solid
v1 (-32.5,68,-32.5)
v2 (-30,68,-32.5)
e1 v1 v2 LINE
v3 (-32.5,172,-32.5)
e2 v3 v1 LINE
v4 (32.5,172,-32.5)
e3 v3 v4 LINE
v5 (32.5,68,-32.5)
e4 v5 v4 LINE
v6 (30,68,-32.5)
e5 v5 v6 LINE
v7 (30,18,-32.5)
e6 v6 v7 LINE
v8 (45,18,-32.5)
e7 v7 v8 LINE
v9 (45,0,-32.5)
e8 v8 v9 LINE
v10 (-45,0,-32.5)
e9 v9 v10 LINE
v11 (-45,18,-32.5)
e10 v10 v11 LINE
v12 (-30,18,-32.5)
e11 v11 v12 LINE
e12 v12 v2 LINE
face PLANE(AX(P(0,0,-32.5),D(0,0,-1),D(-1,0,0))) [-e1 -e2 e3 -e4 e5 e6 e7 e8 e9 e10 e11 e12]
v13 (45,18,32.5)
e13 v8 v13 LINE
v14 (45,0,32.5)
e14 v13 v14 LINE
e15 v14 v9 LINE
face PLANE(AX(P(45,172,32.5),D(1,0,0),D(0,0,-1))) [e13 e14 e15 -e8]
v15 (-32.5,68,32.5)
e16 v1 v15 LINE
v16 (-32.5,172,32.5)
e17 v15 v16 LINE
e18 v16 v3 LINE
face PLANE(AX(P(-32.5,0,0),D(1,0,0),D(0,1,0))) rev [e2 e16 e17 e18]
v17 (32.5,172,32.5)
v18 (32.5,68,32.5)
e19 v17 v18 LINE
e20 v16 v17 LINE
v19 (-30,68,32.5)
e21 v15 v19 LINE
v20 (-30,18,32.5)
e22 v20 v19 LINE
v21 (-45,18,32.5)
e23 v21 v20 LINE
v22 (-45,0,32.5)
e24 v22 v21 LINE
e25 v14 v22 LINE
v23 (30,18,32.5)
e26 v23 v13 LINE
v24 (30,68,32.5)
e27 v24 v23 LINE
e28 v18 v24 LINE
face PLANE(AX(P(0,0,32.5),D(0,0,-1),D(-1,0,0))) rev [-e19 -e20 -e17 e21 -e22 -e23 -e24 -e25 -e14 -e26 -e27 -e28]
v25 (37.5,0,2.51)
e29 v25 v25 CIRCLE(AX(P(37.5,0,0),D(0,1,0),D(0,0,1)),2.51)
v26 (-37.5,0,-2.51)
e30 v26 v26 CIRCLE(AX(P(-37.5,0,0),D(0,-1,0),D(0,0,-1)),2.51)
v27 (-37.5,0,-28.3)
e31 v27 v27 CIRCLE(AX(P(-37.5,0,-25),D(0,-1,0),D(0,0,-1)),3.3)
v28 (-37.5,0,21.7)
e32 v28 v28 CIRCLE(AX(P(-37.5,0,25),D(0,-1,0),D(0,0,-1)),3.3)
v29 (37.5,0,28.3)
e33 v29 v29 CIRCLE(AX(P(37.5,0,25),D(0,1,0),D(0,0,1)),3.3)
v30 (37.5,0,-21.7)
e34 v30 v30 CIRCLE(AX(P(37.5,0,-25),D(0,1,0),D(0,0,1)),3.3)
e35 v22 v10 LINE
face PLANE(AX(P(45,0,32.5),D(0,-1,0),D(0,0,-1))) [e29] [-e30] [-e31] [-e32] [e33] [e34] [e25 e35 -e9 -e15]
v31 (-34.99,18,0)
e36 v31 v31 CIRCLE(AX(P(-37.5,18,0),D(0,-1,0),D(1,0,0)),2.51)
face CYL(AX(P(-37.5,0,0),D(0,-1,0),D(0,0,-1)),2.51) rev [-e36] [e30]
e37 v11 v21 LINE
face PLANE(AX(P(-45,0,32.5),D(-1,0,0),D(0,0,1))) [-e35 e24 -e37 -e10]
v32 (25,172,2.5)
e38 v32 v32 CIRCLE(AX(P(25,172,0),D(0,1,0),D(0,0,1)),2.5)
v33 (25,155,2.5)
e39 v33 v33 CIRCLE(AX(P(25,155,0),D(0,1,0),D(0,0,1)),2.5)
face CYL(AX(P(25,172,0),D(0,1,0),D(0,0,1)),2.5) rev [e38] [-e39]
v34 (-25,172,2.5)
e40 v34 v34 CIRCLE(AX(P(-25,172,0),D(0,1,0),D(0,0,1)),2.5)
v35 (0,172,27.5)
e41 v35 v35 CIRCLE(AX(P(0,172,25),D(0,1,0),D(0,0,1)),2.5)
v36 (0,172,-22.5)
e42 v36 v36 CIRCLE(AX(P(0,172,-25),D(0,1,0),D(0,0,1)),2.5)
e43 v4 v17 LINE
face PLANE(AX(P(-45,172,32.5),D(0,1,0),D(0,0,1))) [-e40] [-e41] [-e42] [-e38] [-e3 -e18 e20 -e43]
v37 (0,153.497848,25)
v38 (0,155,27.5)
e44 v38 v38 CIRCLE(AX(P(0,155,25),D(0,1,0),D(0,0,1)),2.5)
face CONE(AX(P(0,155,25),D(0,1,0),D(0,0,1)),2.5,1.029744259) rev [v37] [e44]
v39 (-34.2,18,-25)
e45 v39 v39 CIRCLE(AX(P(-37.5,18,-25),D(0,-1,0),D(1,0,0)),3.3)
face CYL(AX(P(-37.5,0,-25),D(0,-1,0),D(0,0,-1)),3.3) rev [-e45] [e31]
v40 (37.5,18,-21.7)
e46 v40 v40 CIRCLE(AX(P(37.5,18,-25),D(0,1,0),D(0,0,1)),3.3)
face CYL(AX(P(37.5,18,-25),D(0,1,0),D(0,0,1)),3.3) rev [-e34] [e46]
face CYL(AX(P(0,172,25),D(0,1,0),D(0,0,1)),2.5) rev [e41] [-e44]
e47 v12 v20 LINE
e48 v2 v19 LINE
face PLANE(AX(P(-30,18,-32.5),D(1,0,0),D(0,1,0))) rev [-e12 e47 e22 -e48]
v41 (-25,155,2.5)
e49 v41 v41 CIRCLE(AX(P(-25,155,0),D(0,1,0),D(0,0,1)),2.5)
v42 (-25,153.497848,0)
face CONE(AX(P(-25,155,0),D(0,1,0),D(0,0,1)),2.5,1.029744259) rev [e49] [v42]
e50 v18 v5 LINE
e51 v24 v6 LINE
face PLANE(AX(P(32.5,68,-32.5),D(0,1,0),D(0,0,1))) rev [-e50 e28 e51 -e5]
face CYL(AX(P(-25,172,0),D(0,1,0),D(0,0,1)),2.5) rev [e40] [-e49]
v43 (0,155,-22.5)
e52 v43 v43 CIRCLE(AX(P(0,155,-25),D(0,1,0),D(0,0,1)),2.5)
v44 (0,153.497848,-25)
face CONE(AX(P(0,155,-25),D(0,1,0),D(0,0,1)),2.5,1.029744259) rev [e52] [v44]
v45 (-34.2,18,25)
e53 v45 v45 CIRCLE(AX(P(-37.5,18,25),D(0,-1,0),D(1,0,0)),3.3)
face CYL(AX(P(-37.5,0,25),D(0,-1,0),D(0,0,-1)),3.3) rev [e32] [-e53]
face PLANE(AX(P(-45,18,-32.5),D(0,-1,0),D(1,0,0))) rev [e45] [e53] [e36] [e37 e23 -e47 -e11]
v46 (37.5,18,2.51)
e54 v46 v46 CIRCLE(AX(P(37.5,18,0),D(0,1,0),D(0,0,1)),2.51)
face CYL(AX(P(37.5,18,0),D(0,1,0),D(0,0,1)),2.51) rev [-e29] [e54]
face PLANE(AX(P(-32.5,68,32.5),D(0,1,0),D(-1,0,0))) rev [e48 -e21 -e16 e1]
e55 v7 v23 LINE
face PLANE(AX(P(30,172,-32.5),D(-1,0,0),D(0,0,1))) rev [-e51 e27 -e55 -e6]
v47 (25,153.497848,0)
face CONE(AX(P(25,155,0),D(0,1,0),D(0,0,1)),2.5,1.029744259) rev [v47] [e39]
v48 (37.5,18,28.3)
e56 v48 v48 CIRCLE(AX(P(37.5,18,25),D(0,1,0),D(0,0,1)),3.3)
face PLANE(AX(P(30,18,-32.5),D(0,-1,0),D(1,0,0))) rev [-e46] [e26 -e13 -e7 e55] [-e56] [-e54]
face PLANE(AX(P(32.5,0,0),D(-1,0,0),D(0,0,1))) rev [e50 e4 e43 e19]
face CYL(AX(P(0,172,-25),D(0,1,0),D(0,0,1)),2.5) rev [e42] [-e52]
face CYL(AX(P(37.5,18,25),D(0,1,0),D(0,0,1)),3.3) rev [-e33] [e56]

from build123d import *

# Parameters (mm, degrees)
SKIZZE1_W                            = 90
SKIZZE1_H                            = 172
AUFSATZ_LINEAR_AUSTRAGEN1_DEPTH      = 65
SKIZZE2_W                            = 15
SKIZZE2_H                            = 154
SCHNITT_LINEAR_AUSTRAGEN1_DEPTH      = 190.298705754
SKIZZE3_W                            = 65
SKIZZE3_H                            = 104
AUFSATZ_LINEAR_AUSTRAGEN2_DEPTH      = 2.5
SKIZZE4_W                            = 15
SKIZZE4_H                            = 154
SCHNITT_LINEAR_AUSTRAGEN2_DEPTH      = 190.298705754
SKIZZE5_W                            = 65
SKIZZE5_H                            = 104
AUFSATZ_LINEAR_AUSTRAGEN3_DEPTH      = 2.5
F_6_6_6_6_DURCHMESSER_BOHRUNG1_D     = 6.6
F_6_6_6_6_DURCHMESSER_BOHRUNG1_DEPTH = 172
BOHRUNG1_D                           = 5.02
BOHRUNG1_DEPTH                       = 172
F_6_6_6_6_DURCHMESSER_BOHRUNG2_D     = 6.6
BOHRUNG2_D                           = 5.02
F_5_0_5_DURCHMESSER_BOHRUNG1_D       = 5
F_5_0_5_DURCHMESSER_BOHRUNG1_DEPTH   = 17
F_5_0_5_DURCHMESSER_BOHRUNG1_TIP     = 1.502151548


with BuildPart() as part:
    # Skizze1 → Aufsatz-Linear austragen1 (new body)
    with BuildSketch(Plane(origin=(0, 0, -32.5), x_dir=(-1, 0, 0), z_dir=(0, 0, -1))):
        with Locations((0, 86)):
            Rectangle(SKIZZE1_W, SKIZZE1_H)
    extrude(amount=-AUFSATZ_LINEAR_AUSTRAGEN1_DEPTH)

    # Skizze2 → Schnitt-Linear austragen1 (cut, through all)
    with BuildSketch(Plane.XY.offset(32.5)):
        with Locations((-37.5, 95)):
            Rectangle(SKIZZE2_W, SKIZZE2_H)
    extrude(amount=-SCHNITT_LINEAR_AUSTRAGEN1_DEPTH, mode=Mode.SUBTRACT)

    # Skizze3 → Aufsatz-Linear austragen2 (add)
    with BuildSketch(Plane.ZY.offset(30)):
        with Locations((0, 120)):
            Rectangle(SKIZZE3_W, SKIZZE3_H)
    extrude(amount=AUFSATZ_LINEAR_AUSTRAGEN2_DEPTH)

    # Skizze4 → Schnitt-Linear austragen2 (cut, through all)
    with BuildSketch(Plane.XY.offset(32.5)):
        with Locations((37.5, 95)):
            Rectangle(SKIZZE4_W, SKIZZE4_H)
    extrude(amount=-SCHNITT_LINEAR_AUSTRAGEN2_DEPTH, mode=Mode.SUBTRACT)

    # Skizze5 → Aufsatz-Linear austragen3 (add)
    with BuildSketch(Plane(origin=(30, 0, 0), x_dir=(0, 0, -1), z_dir=(1, 0, 0))):
        with Locations((0, 120)):
            Rectangle(SKIZZE5_W, SKIZZE5_H)
    extrude(amount=AUFSATZ_LINEAR_AUSTRAGEN3_DEPTH)

    # Ø6.6 (6.6) Durchmesser Bohrung1
    with Locations(Plane(origin=(0, 0, 0), x_dir=(-1, 0, 0), z_dir=(0, -1, 0))):
        with Locations((37.5, -25), (37.5, 25)):
            Hole(F_6_6_6_6_DURCHMESSER_BOHRUNG1_D / 2, depth=F_6_6_6_6_DURCHMESSER_BOHRUNG1_DEPTH)

    # Bohrung1
    with Locations(Plane(origin=(0, 0, 0), x_dir=(-1, 0, 0), z_dir=(0, -1, 0))):
        with Locations((37.5, 0)):
            Hole(BOHRUNG1_D / 2, depth=BOHRUNG1_DEPTH)

    # Ø6.6 (6.6) Durchmesser Bohrung2 (through all)
    with Locations(Plane(origin=(0, 18, 0), x_dir=(1, 0, 0), z_dir=(0, 1, 0))):
        with Locations((37.5, 25), (37.5, -25)):
            Hole(F_6_6_6_6_DURCHMESSER_BOHRUNG2_D / 2)

    # Bohrung2 (through all)
    with Locations(Plane(origin=(0, 18, 0), x_dir=(1, 0, 0), z_dir=(0, 1, 0))):
        with Locations((37.5, 0)):
            Hole(BOHRUNG2_D / 2)

    # Ø5.0 (5) Durchmesser Bohrung1
    with Locations(Plane(origin=(0, 172, 0), x_dir=(1, 0, 0), z_dir=(0, 1, 0))):
        with Locations((-25, 0), (25, 0), (0, 25), (0, -25)):
            Hole(F_5_0_5_DURCHMESSER_BOHRUNG1_D / 2, depth=F_5_0_5_DURCHMESSER_BOHRUNG1_DEPTH)
            with Locations((0, 0, -(F_5_0_5_DURCHMESSER_BOHRUNG1_DEPTH + F_5_0_5_DURCHMESSER_BOHRUNG1_TIP / 2))):  # 118° drill point
                Cone(0, F_5_0_5_DURCHMESSER_BOHRUNG1_D / 2, F_5_0_5_DURCHMESSER_BOHRUNG1_TIP, mode=Mode.SUBTRACT)


solid = part.part
